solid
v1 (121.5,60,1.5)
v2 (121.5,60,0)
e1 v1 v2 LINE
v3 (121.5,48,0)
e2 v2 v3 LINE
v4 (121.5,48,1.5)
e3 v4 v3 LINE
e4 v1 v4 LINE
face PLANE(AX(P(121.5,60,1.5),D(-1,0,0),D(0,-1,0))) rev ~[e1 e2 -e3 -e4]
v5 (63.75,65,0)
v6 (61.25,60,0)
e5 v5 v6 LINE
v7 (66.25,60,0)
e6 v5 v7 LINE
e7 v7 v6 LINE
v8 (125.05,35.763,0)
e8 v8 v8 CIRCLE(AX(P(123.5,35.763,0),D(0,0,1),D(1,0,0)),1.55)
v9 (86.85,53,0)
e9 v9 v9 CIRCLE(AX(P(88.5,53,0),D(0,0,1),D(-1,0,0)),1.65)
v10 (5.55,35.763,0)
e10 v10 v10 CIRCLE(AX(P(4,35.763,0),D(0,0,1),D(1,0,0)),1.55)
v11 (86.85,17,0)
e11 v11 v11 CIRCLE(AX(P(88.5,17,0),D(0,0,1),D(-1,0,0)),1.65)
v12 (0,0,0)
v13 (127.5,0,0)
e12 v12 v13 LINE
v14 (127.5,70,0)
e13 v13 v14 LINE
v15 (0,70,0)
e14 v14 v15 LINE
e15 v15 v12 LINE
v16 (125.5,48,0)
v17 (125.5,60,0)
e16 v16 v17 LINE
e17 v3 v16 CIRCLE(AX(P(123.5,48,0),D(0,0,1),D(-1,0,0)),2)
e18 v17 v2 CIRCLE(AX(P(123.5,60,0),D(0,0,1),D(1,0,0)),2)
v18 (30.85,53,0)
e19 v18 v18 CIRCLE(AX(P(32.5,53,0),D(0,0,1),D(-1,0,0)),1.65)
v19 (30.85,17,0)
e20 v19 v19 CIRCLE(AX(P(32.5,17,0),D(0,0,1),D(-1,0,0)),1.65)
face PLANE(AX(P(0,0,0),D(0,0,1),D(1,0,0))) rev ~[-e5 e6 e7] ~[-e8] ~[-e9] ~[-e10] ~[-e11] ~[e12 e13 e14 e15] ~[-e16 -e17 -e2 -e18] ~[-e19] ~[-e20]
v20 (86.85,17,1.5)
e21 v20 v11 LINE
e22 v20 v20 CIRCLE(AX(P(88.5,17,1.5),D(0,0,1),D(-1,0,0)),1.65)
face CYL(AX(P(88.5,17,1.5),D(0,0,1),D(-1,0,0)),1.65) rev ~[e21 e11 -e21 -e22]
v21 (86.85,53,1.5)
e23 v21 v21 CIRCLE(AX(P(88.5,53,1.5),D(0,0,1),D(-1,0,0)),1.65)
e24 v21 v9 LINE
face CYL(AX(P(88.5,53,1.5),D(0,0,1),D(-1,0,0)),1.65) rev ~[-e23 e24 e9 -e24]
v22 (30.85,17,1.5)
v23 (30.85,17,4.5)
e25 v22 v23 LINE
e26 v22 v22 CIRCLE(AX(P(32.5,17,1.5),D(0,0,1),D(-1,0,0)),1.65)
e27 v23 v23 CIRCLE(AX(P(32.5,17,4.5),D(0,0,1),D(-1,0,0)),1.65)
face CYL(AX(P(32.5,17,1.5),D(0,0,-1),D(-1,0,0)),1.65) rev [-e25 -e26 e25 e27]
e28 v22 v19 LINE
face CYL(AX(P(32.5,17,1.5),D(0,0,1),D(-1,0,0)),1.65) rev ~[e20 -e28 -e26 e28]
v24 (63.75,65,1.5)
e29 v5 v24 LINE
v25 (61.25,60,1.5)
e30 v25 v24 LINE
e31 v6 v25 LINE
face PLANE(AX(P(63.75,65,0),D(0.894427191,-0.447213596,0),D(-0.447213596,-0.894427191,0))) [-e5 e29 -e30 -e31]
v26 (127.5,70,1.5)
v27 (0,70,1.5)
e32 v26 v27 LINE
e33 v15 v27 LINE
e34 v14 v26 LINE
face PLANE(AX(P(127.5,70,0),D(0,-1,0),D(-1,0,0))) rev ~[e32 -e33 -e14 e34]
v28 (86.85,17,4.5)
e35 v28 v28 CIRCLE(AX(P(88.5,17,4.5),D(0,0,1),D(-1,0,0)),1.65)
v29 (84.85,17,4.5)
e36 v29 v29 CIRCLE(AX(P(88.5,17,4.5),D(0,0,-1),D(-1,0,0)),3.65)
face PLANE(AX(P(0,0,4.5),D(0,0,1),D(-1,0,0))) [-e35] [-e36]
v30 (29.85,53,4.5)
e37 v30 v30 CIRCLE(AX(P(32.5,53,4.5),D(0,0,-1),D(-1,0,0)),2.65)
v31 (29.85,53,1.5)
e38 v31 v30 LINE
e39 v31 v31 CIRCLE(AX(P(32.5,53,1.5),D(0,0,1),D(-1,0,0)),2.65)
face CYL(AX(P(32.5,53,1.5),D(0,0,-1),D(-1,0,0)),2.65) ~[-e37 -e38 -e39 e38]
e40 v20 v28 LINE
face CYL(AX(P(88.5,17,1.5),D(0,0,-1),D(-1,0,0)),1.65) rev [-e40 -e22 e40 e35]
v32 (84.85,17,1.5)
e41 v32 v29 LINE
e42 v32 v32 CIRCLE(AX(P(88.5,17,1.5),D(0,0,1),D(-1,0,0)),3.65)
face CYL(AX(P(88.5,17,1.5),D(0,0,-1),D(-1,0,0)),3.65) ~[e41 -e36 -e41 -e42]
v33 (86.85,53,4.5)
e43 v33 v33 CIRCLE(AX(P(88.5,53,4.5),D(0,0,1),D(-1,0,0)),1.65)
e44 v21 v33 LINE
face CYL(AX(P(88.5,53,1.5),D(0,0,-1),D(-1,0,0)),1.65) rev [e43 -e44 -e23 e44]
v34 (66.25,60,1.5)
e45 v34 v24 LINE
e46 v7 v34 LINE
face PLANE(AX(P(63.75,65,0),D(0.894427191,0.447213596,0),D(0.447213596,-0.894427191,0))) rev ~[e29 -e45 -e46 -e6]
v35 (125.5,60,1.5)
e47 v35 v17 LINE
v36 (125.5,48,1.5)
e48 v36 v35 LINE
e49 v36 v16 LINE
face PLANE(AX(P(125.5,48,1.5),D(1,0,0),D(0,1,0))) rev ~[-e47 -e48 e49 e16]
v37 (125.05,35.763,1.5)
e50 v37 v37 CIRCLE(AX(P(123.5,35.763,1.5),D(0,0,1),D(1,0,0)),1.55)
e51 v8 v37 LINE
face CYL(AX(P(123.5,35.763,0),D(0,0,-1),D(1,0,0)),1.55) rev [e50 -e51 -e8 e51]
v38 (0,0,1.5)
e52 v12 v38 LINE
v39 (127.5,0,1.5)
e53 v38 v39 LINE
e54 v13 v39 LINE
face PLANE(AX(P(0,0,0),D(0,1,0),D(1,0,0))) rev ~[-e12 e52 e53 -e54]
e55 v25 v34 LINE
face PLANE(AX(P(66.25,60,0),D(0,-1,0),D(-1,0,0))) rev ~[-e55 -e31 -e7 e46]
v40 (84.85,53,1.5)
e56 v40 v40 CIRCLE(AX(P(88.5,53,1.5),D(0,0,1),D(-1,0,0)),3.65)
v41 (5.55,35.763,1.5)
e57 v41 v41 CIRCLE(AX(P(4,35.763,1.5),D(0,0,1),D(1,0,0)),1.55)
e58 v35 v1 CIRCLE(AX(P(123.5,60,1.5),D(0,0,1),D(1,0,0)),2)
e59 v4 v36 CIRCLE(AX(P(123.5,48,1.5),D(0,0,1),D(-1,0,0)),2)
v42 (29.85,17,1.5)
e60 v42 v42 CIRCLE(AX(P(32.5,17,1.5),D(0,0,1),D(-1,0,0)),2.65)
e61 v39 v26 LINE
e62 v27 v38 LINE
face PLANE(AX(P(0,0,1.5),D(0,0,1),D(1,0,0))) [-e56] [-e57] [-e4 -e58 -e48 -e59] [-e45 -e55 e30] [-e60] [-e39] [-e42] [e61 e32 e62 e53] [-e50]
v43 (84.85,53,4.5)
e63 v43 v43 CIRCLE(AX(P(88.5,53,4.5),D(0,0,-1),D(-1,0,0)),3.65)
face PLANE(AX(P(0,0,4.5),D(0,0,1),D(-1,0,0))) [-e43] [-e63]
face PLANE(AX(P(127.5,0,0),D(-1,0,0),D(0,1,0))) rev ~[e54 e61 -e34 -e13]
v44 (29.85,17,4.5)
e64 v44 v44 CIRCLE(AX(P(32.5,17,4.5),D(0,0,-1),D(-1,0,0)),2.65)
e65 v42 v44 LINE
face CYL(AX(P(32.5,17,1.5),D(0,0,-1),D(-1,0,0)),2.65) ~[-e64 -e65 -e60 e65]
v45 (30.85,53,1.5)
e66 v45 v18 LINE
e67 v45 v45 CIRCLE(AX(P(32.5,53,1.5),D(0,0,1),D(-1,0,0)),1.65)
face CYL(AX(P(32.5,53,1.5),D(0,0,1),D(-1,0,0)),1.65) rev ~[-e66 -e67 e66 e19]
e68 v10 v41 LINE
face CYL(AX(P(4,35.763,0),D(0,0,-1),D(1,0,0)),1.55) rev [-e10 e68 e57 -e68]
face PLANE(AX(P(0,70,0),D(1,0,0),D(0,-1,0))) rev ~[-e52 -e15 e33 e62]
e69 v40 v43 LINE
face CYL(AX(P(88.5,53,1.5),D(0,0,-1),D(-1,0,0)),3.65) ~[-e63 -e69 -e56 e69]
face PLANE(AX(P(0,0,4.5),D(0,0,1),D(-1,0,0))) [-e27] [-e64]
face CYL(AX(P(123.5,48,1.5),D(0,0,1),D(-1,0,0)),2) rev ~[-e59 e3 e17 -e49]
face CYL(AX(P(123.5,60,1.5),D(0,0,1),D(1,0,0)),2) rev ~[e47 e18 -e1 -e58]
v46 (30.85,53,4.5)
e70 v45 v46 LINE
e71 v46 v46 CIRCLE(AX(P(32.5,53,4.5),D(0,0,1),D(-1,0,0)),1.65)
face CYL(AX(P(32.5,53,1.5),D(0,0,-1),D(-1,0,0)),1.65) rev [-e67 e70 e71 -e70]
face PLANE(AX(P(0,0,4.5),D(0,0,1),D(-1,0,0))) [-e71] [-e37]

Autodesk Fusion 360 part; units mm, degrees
sketch "Sketch1" plane through (0, 0, 0) normal (0, 0, 1) x (1, 0, 0)
  line L0 (0, 0) -> (127.5, 0)
  line L1 (127.5, 0) -> (127.5, 70)
  line L2 (127.5, 70) -> (0, 70)
  line L3 (0, 70) -> (0, 0)
  circle A0 centre (4, 35.763) radius 1.55
  line L4 (63.75, 0) -> (63.75, 70) construction
  circle A1 centre (123.5, 35.763) radius 1.55
  line L5 (66.25, 60) -> (61.25, 60)
  line L6 (61.25, 60) -> (61.25, 65)
  line L7 (61.25, 65) -> (66.25, 65)
  line L8 (66.25, 65) -> (66.25, 60)
  line L9 (66.25, 60) -> (61.25, 65) construction
  line L10 (61.25, 60) -> (66.25, 65) construction
  line L11 (63.75, 65) -> (61.25, 60)
  line L12 (63.75, 65) -> (66.25, 60)
  point P0 (63.75, 62.5)
  dimension "d1" = 127.5
  dimension "d2" = 70
  dimension "d3" = 3.1
  dimension "d4" = 35.763
  dimension "d5" = 4
  dimension "d8" = 5
  dimension "d9" = 5
  dimension "d12" = 5
extrude "Extrude1" add sketch "Sketch1" along normal blind 1.5 contours L0 L1 L2 L3 | L7 L8 L12 | L5 L11 L12 | L6 L7 L11
extrude "Extrude2" cut sketch "Sketch1" along normal blind 3 contours L5 L11 L12
sketch "Sketch2" plane through (0, 0, 1.5) normal (0, 0, 1) x (-1, 0, 0)
  line L0 (-63.75, -65) -> (-66.25, -60)
  line L1 (-66.25, -60) -> (-61.25, -60)
  line L2 (-61.25, -60) -> (-63.75, -65)
  circle A0 centre (-123.5, -35.763) radius 1.55
  circle A1 centre (-4, -35.763) radius 1.55
  line L3 (0, -70) -> (0, 0)
  line L4 (0, 0) -> (-127.5, 0)
  line L5 (-127.5, 0) -> (-127.5, -70)
  line L6 (-127.5, -70) -> (0, -70)
  line L7 (-90.5, -15) -> (-30.5, -15)
  line L8 (-30.5, -15) -> (-30.5, -55)
  line L9 (-30.5, -55) -> (-90.5, -55)
  line L10 (-90.5, -55) -> (-90.5, -15)
  line L11 (-90.5, -15) -> (-30.5, -55) construction
  line L12 (-30.5, -15) -> (-90.5, -55) construction
  circle A2 centre (-32.5, -53) radius 1.65
  circle A3 centre (-32.5, -53) radius 2.65
  circle A4 centre (-32.5, -17) radius 1.65
  circle A5 centre (-32.5, -17) radius 2.65
  circle A6 centre (-88.5, -53) radius 1.65
  circle A7 centre (-88.5, -53) radius 3.65
  circle A8 centre (-88.5, -17) radius 1.65
  circle A9 centre (-88.5, -17) radius 3.65
  line L13 (-123.5, -35.763) -> (-123.5, 0) construction
  line L14 (-123.5, -35.763) -> (-123.5, -70) construction
  line L15 (-125.5, -48) -> (-125.5, -60)
  arc A10 (-125.5, -60) -> (-121.5, -60) centre (-123.5, -60) ccw
  line L16 (-121.5, -60) -> (-121.5, -48)
  arc A11 (-121.5, -48) -> (-125.5, -48) centre (-123.5, -48) ccw
  line L17 (-123.5, -48) -> (-123.5, -60) construction
  point P0 (-60.5, -35)
  dimension "d13" = 40
  dimension "d14" = 60
  dimension "d15" = 15
  dimension "d16" = 37
  dimension "d17" = 3.3
  dimension "d18" = 5.3
  dimension "d19" = 2
  dimension "d20" = 2
  dimension "d21" = 3.3
  dimension "d22" = 5.3
  dimension "d23" = 2
  dimension "d24" = 2
  dimension "d25" = 3.3
  dimension "d26" = 7.3
  dimension "d27" = 2
  dimension "d28" = 2
  dimension "d29" = 3.3
  dimension "d30" = 7.3
  dimension "d31" = 2
  dimension "d32" = 2
  dimension "d37" = 4
  dimension "d38" = 10
  dimension "d39" = 12
extrude "Extrude3" add sketch "Sketch2" along normal blind 3 contours L7 L10 A9 | L7 L10 A9 | L7 A5 | L7 L8 A5 | L9 L10 A7 | L9 L10 A7 | L8 A5 | L8 A3 | L8 L9 A3 | L9 A3 picked at (-32.5411, -15.1182) picked at (-32.5411, -54.8818)
extrude "Extrude4" cut sketch "Sketch2" against normal blind 4 contours A2 | A4 | A6 | A8
extrude "Extrude5" cut sketch "Sketch2" against normal blind 4 contours L15 A10 L16 A11
equation "d1 = 134 mm - 6 mm - 0.5 mm"
equation "d4 = 0.763 mm + 35 mm"
equation "d5 = 7 mm - 3 mm"
equation "d18 = d17 + 2 mm"
equation "d21 = d17"
equation "d22 = d18"
equation "d23 = d20"
equation "d24 = d19"
equation "d25 = d17"
equation "d26 = d25 + 4 mm"
equation "d27 = d19"
equation "d28 = d20"
equation "d29 = d25"
equation "d30 = d26"
equation "d31 = d28"
equation "d32 = d27"
